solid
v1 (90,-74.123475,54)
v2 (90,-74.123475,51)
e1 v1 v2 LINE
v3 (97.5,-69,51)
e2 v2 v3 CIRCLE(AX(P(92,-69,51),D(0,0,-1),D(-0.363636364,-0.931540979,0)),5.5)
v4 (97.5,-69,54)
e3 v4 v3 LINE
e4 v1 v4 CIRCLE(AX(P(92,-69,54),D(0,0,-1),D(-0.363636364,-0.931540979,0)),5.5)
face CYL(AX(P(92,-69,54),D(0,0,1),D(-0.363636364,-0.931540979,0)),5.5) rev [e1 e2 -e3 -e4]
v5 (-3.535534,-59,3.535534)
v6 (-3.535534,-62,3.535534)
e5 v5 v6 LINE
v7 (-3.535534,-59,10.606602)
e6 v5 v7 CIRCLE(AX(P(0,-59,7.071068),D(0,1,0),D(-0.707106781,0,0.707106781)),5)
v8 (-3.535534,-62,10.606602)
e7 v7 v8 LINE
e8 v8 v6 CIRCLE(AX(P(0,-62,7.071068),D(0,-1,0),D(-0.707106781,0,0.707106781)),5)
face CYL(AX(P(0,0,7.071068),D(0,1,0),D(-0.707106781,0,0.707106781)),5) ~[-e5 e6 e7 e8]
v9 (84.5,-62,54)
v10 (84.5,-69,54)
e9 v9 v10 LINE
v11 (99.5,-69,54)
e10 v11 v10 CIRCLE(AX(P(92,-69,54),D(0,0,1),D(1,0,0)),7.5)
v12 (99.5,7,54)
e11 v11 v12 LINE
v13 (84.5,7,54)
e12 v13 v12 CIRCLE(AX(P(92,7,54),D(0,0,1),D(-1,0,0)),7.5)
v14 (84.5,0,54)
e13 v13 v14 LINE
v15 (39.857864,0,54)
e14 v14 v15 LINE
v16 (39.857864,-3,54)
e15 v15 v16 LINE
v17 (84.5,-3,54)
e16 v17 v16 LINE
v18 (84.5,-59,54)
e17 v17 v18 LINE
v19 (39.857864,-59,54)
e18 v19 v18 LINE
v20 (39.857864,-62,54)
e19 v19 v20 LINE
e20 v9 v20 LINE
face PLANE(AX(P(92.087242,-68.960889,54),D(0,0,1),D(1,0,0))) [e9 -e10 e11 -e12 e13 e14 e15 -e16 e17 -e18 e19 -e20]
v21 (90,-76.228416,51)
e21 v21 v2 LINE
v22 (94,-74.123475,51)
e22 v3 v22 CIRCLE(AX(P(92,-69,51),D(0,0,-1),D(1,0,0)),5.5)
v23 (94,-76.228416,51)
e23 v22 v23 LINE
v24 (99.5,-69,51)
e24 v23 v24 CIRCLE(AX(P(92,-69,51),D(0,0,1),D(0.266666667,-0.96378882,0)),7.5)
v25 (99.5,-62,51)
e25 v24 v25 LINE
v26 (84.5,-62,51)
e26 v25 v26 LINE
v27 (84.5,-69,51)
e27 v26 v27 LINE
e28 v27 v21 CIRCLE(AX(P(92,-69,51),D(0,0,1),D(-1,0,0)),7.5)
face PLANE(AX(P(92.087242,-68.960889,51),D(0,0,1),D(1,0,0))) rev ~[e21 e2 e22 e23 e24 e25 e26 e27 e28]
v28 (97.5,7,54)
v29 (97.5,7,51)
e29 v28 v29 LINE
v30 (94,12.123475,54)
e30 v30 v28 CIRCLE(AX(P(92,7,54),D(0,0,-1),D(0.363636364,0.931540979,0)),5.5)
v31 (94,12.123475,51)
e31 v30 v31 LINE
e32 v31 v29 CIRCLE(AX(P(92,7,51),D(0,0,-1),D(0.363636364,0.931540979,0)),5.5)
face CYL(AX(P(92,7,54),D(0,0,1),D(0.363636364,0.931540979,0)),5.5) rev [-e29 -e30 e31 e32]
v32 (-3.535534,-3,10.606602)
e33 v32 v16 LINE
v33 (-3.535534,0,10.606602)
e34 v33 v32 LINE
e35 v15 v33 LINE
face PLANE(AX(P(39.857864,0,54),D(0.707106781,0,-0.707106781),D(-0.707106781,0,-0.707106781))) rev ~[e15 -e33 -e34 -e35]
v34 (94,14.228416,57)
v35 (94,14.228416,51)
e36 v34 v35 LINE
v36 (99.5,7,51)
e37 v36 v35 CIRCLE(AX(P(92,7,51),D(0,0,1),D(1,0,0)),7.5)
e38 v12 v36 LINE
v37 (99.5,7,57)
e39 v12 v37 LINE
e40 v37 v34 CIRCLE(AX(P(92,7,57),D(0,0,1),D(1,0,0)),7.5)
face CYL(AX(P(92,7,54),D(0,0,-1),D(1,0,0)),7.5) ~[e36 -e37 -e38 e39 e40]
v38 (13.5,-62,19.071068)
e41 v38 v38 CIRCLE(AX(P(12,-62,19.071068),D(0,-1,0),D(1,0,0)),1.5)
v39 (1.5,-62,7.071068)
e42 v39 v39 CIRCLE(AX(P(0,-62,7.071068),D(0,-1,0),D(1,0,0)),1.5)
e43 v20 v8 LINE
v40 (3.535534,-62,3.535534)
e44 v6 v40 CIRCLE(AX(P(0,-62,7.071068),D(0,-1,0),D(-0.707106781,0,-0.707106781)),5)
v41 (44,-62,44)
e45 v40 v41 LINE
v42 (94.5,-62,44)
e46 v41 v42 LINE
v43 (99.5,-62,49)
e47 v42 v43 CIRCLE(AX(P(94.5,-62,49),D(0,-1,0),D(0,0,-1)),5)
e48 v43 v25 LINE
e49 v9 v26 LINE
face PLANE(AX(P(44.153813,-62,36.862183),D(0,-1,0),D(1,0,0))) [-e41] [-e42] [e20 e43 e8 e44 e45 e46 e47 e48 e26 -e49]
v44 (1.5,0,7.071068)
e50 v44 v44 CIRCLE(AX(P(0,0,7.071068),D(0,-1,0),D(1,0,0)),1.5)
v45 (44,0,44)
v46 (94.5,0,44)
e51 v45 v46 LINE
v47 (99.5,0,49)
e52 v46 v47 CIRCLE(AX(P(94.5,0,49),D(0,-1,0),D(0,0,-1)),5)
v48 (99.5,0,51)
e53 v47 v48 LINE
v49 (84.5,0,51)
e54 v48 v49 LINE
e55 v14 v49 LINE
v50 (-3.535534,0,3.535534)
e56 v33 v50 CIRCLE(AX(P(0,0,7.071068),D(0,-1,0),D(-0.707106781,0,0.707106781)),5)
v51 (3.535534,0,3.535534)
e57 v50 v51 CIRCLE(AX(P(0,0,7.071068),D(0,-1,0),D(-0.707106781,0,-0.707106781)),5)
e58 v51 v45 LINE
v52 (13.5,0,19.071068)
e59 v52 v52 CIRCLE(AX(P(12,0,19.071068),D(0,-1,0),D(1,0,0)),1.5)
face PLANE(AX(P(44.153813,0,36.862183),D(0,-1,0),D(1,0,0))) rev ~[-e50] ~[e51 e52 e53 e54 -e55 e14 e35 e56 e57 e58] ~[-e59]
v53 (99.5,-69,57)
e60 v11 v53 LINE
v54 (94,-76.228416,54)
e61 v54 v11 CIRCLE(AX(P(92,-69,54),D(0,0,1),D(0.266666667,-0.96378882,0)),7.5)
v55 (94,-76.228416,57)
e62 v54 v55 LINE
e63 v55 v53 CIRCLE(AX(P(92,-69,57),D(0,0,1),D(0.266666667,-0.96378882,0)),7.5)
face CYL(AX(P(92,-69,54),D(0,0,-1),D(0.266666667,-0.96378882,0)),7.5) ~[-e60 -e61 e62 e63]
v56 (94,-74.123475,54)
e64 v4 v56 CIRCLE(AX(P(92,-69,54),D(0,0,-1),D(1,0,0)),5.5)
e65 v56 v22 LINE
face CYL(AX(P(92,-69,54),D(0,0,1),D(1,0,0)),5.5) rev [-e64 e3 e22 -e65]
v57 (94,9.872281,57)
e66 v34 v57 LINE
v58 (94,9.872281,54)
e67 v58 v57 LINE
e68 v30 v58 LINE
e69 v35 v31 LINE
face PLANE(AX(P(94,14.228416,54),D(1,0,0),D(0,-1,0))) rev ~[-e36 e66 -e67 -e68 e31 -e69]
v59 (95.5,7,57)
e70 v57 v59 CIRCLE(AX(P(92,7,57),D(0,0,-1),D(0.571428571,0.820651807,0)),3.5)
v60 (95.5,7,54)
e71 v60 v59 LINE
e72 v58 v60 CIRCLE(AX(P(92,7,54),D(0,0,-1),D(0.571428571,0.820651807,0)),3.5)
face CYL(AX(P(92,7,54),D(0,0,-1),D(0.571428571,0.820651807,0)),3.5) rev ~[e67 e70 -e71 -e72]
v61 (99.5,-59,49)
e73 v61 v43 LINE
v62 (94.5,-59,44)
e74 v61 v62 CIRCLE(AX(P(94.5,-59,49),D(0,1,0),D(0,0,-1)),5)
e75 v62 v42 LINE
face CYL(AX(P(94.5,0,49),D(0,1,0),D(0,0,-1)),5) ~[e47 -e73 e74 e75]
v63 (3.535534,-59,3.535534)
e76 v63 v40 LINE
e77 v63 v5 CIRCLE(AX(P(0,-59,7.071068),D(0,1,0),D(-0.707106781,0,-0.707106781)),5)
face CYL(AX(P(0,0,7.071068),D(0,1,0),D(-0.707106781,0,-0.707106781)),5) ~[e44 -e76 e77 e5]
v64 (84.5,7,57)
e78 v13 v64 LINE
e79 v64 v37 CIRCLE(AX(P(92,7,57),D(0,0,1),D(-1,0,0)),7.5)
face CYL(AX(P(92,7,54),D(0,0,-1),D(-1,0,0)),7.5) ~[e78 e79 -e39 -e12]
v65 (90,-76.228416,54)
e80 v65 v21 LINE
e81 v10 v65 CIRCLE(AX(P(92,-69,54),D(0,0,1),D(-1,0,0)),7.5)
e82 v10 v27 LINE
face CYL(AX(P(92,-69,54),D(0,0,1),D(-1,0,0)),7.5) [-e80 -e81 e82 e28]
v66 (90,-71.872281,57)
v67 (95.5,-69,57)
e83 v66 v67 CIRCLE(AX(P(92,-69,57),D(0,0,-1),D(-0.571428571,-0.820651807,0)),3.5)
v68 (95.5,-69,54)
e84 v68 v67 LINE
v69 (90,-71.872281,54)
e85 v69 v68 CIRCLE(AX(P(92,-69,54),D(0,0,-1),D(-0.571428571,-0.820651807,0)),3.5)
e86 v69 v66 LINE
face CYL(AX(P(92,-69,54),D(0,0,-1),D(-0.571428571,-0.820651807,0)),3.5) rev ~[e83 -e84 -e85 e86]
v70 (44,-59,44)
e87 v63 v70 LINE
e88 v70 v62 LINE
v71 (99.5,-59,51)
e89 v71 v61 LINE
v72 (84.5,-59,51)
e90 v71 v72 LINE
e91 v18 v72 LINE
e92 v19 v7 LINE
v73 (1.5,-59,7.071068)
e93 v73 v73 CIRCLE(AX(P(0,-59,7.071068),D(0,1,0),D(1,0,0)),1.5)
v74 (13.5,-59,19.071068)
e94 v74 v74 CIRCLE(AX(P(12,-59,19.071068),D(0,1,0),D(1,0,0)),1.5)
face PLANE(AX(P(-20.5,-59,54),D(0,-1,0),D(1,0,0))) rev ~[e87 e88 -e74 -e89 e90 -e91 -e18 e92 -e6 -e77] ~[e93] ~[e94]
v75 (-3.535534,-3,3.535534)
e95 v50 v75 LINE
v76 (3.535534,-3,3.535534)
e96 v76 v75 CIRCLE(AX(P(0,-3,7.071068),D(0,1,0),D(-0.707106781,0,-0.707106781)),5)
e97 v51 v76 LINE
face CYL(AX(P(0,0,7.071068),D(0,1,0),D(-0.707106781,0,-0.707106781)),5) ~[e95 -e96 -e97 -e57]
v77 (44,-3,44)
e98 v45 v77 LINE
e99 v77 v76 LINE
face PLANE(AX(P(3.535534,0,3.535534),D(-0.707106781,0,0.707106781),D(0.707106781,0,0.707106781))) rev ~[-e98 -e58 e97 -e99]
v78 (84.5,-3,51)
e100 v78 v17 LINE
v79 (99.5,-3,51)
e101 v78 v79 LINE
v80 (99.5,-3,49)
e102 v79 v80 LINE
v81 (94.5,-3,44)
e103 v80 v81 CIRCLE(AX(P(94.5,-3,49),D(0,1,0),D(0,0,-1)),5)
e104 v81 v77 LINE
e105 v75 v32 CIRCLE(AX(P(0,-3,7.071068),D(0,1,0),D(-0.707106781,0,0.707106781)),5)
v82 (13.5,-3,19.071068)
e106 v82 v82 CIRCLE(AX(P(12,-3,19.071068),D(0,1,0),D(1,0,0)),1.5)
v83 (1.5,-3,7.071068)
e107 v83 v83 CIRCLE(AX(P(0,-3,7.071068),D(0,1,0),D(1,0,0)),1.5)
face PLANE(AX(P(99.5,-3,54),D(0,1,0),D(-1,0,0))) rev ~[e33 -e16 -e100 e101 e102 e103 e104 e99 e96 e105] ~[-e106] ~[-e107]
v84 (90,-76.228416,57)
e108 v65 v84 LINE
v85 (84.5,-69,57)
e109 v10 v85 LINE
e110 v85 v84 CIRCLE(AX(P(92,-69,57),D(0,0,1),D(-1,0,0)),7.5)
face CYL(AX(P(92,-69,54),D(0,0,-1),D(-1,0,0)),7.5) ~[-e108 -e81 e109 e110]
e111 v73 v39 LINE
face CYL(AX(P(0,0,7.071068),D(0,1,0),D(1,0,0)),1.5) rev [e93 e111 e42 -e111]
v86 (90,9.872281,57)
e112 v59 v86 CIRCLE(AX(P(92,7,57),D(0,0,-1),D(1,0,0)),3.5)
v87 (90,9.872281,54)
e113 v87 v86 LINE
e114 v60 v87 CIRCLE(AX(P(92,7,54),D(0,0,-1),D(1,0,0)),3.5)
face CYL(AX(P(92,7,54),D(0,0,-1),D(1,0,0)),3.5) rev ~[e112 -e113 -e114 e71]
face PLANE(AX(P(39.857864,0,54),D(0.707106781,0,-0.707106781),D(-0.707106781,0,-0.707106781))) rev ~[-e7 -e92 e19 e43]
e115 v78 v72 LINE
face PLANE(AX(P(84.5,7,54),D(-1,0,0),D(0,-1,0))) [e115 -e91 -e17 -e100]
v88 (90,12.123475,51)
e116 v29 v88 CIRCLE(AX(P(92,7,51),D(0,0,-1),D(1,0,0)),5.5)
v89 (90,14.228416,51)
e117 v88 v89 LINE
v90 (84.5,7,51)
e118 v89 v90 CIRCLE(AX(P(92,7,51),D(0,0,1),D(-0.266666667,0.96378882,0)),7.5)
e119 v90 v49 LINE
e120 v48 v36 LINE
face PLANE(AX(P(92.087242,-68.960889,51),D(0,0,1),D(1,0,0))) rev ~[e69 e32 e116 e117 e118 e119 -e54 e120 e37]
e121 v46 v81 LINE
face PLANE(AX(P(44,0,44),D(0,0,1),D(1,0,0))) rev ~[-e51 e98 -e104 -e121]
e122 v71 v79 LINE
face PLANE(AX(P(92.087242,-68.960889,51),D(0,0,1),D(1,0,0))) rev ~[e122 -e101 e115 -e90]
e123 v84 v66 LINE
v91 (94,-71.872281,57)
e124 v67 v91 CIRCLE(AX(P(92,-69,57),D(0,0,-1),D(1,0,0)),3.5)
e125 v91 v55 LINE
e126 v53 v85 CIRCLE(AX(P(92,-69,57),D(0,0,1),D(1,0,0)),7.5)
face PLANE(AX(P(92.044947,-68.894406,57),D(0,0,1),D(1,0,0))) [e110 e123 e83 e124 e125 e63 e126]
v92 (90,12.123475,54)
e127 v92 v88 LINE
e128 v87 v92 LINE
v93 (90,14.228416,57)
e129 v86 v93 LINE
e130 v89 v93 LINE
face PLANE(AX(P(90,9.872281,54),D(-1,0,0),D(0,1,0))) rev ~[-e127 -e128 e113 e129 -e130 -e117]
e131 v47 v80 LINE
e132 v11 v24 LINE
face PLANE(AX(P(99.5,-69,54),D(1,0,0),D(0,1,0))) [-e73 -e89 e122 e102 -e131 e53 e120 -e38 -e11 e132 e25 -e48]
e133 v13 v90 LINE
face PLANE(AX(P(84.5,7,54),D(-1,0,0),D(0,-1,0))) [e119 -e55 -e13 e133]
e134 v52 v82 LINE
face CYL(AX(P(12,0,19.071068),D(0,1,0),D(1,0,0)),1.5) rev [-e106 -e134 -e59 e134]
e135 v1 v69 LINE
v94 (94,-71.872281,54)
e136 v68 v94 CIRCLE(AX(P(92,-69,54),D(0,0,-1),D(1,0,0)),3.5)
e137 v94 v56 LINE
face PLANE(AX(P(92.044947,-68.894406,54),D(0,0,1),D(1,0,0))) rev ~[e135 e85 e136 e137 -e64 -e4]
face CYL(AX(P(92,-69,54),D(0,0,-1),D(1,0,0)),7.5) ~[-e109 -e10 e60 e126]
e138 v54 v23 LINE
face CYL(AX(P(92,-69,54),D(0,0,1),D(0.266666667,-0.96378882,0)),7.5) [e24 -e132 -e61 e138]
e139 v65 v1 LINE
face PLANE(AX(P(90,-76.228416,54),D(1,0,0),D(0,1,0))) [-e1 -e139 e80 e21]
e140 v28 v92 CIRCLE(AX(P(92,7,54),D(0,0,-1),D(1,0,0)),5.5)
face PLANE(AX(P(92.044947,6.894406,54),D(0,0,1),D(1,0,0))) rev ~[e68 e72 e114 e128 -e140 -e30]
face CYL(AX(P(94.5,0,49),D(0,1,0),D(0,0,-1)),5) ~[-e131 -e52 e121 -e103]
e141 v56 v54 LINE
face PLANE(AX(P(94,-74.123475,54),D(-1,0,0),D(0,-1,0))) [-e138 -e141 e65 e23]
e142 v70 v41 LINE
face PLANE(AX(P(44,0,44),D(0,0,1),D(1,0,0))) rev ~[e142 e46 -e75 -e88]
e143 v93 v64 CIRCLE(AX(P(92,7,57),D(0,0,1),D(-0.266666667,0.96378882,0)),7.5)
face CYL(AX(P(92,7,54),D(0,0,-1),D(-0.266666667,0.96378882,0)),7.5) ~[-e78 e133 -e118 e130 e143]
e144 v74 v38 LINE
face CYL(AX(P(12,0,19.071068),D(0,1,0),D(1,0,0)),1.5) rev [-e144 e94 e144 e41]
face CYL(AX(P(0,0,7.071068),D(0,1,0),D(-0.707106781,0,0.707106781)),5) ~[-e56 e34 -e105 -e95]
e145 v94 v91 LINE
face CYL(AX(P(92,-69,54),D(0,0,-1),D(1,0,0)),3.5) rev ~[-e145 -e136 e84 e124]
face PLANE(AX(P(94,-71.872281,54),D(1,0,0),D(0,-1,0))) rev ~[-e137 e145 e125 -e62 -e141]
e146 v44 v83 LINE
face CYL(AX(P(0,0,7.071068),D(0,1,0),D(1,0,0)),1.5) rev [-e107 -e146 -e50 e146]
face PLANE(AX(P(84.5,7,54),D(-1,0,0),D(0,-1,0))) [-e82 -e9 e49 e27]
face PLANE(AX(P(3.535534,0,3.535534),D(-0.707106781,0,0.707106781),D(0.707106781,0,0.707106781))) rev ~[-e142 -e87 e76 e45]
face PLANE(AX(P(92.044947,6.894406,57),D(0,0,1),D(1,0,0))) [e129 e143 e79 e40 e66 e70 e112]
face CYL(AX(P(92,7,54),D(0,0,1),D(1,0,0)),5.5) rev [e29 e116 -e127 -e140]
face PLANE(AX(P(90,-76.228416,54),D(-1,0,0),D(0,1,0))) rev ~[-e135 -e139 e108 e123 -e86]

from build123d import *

# Parameters (mm, degrees)
F0_R     = 1.5
F1_DEPTH = 62
F2_W     = 60.3578643763
F2_H     = 56
F2_W_2   = 59.6421356237
F3_DEPTH = 100
F5_DEPTH = 3
F8_DEPTH = 3


with BuildPart() as f1:
    # F0 (on Front) → F1 (new body)
    with BuildSketch(Plane.XZ):
        with BuildLine():
            ThreePointArc((-3.5355339059, 3.5355339059), (0, 2.0710678119), (3.5355339059, 3.5355339059))
            Line((3.5355339059, 3.5355339059), (44, 44))
            Line((44, 44), (94.5, 44))
            ThreePointArc((94.5, 44), (98.0355339059, 45.4644660941), (99.5, 49))
            Line((99.5, 49), (99.5, 54))
            Line((99.5, 54), (39.8578643763, 54))
            Line((39.8578643763, 54), (-3.5355339059, 10.6066017178))
            ThreePointArc((-3.5355339059, 10.6066017178), (-5, 7.0710678119), (-3.5355339059, 3.5355339059))
        make_face()
        with Locations((0, 7.0710678119)):
            Circle(F0_R, mode=Mode.SUBTRACT)
        with Locations((12, 19.0710678119)):
            Circle(F0_R, mode=Mode.SUBTRACT)
    extrude(amount=F1_DEPTH)

    # F2 (on face) → F3 (cut)
    with BuildSketch(Plane.XY.offset(54)):
        with Locations((9.6789321881, -31)):
            Rectangle(F2_W, F2_H)
        with Locations((69.6789321881, -31)):
            Rectangle(F2_W_2, F2_H)
    extrude(amount=-F3_DEPTH, mode=Mode.SUBTRACT)


with BuildPart() as f5:
    # F4 (on face) → F5 (new body)
    with BuildSketch(Plane.XY.offset(54)):
        with BuildLine():
            ThreePointArc((99.5, -69), (92, -61.5), (84.5, -69))
            ThreePointArc((84.5, -69), (86.0313318068, -73.5414755311), (90, -76.2284161474))
            Line((90, -76.2284161474), (90, -74.123475383))
            ThreePointArc((90, -74.123475383), (88.8975815885, -64.4585244689), (97.5, -69))
            ThreePointArc((97.5, -69), (96.5414755311, -72.1024184115), (94, -74.123475383))
            Line((94, -74.123475383), (94, -76.2284161474))
            ThreePointArc((94, -76.2284161474), (97.9686681932, -73.5414755311), (99.5, -69))
        make_face()
        with BuildLine():
            ThreePointArc((89.3074175964, 0), (85.8175907598, 2.7540824329), (84.5, 7))
            Line((84.5, 7), (84.5, 0))
            Line((84.5, 0), (89.3074175964, 0))
        make_face()
        with BuildLine():
            Line((99.5, -3), (84.5, -3))
            Line((84.5, -3), (84.5, -69))
            ThreePointArc((84.5, -69), (92, -61.5), (99.5, -69))
            Line((99.5, -69), (99.5, -3))
        make_face()
        with BuildLine():
            ThreePointArc((99.5, 7), (98.1824092402, 2.7540824329), (94.6925824036, 0))
            Line((94.6925824036, 0), (99.5, 0))
            Line((99.5, 0), (99.5, 7))
        make_face()
        with BuildLine():
            Line((94.6925824036, 0), (89.3074175964, 0))
            ThreePointArc((89.3074175964, 0), (92, -0.5), (94.6925824036, 0))
        make_face()
        with BuildLine():
            ThreePointArc((90, 14.2284161474), (86.0313318068, 11.5414755311), (84.5, 7))
            ThreePointArc((84.5, 7), (85.8175907598, 2.7540824329), (89.3074175964, 0))
            Line((89.3074175964, 0), (94.6925824036, 0))
            ThreePointArc((94.6925824036, 0), (98.1824092402, 2.7540824329), (99.5, 7))
            ThreePointArc((99.5, 7), (97.9686681932, 11.5414755311), (94, 14.2284161474))
            Line((94, 14.2284161474), (94, 12.123475383))
            ThreePointArc((94, 12.123475383), (96.5414755311, 10.1024184115), (97.5, 7))
            ThreePointArc((97.5, 7), (88.8975815885, 2.4585244689), (90, 12.123475383))
            Line((90, 12.123475383), (90, 14.2284161474))
        make_face()
        with BuildLine():
            Line((89.3074175964, 0), (84.5, 0))
            Line((84.5, 0), (84.5, -3))
            Line((84.5, -3), (99.5, -3))
            Line((99.5, -3), (99.5, 0))
            Line((99.5, 0), (94.6925824036, 0))
            ThreePointArc((94.6925824036, 0), (92, -0.5), (89.3074175964, 0))
        make_face()
    extrude(amount=-F5_DEPTH)


with BuildPart() as f1_1:
    add(f1.part)

    # F6: union F5
    add(f5.part)

    # F7 (on face) → F8 (join)
    with BuildSketch(Plane.XY.offset(54)):
        with BuildLine():
            ThreePointArc((90, 12.123475383), (92, 1.5), (94, 12.123475383))
            Line((94, 12.123475383), (94, 9.8722813233))
            ThreePointArc((94, 9.8722813233), (95.1024184115, 8.6201851746), (95.5, 7))
            ThreePointArc((95.5, 7), (90.3798148254, 3.8975815885), (90, 9.8722813233))
            Line((90, 9.8722813233), (90, 12.123475383))
        make_face()
        with BuildLine():
            ThreePointArc((84.5, 7), (92, -0.5), (99.5, 7))
            ThreePointArc((99.5, 7), (97.9686681932, 11.5414755311), (94, 14.2284161474))
            Line((94, 14.2284161474), (94, 12.123475383))
            ThreePointArc((94, 12.123475383), (92, 1.5), (90, 12.123475383))
            Line((90, 12.123475383), (90, 14.2284161474))
            ThreePointArc((90, 14.2284161474), (86.0313318068, 11.5414755311), (84.5, 7))
        make_face()
        with BuildLine():
            Line((94, -71.8722813233), (94, -74.123475383))
            ThreePointArc((94, -74.123475383), (92, -63.5), (90, -74.123475383))
            Line((90, -74.123475383), (90, -71.8722813233))
            ThreePointArc((90, -71.8722813233), (90.3798148254, -65.8975815885), (95.5, -69))
            ThreePointArc((95.5, -69), (95.1024184115, -70.6201851746), (94, -71.8722813233))
        make_face()
        with BuildLine():
            ThreePointArc((94, -76.2284161474), (97.9686681932, -73.5414755311), (99.5, -69))
            ThreePointArc((99.5, -69), (92, -61.5), (84.5, -69))
            ThreePointArc((84.5, -69), (86.0313318068, -73.5414755311), (90, -76.2284161474))
            Line((90, -76.2284161474), (90, -74.123475383))
            ThreePointArc((90, -74.123475383), (92, -63.5), (94, -74.123475383))
            Line((94, -74.123475383), (94, -76.2284161474))
        make_face()
    extrude(amount=F8_DEPTH)


solid = f1_1.part
